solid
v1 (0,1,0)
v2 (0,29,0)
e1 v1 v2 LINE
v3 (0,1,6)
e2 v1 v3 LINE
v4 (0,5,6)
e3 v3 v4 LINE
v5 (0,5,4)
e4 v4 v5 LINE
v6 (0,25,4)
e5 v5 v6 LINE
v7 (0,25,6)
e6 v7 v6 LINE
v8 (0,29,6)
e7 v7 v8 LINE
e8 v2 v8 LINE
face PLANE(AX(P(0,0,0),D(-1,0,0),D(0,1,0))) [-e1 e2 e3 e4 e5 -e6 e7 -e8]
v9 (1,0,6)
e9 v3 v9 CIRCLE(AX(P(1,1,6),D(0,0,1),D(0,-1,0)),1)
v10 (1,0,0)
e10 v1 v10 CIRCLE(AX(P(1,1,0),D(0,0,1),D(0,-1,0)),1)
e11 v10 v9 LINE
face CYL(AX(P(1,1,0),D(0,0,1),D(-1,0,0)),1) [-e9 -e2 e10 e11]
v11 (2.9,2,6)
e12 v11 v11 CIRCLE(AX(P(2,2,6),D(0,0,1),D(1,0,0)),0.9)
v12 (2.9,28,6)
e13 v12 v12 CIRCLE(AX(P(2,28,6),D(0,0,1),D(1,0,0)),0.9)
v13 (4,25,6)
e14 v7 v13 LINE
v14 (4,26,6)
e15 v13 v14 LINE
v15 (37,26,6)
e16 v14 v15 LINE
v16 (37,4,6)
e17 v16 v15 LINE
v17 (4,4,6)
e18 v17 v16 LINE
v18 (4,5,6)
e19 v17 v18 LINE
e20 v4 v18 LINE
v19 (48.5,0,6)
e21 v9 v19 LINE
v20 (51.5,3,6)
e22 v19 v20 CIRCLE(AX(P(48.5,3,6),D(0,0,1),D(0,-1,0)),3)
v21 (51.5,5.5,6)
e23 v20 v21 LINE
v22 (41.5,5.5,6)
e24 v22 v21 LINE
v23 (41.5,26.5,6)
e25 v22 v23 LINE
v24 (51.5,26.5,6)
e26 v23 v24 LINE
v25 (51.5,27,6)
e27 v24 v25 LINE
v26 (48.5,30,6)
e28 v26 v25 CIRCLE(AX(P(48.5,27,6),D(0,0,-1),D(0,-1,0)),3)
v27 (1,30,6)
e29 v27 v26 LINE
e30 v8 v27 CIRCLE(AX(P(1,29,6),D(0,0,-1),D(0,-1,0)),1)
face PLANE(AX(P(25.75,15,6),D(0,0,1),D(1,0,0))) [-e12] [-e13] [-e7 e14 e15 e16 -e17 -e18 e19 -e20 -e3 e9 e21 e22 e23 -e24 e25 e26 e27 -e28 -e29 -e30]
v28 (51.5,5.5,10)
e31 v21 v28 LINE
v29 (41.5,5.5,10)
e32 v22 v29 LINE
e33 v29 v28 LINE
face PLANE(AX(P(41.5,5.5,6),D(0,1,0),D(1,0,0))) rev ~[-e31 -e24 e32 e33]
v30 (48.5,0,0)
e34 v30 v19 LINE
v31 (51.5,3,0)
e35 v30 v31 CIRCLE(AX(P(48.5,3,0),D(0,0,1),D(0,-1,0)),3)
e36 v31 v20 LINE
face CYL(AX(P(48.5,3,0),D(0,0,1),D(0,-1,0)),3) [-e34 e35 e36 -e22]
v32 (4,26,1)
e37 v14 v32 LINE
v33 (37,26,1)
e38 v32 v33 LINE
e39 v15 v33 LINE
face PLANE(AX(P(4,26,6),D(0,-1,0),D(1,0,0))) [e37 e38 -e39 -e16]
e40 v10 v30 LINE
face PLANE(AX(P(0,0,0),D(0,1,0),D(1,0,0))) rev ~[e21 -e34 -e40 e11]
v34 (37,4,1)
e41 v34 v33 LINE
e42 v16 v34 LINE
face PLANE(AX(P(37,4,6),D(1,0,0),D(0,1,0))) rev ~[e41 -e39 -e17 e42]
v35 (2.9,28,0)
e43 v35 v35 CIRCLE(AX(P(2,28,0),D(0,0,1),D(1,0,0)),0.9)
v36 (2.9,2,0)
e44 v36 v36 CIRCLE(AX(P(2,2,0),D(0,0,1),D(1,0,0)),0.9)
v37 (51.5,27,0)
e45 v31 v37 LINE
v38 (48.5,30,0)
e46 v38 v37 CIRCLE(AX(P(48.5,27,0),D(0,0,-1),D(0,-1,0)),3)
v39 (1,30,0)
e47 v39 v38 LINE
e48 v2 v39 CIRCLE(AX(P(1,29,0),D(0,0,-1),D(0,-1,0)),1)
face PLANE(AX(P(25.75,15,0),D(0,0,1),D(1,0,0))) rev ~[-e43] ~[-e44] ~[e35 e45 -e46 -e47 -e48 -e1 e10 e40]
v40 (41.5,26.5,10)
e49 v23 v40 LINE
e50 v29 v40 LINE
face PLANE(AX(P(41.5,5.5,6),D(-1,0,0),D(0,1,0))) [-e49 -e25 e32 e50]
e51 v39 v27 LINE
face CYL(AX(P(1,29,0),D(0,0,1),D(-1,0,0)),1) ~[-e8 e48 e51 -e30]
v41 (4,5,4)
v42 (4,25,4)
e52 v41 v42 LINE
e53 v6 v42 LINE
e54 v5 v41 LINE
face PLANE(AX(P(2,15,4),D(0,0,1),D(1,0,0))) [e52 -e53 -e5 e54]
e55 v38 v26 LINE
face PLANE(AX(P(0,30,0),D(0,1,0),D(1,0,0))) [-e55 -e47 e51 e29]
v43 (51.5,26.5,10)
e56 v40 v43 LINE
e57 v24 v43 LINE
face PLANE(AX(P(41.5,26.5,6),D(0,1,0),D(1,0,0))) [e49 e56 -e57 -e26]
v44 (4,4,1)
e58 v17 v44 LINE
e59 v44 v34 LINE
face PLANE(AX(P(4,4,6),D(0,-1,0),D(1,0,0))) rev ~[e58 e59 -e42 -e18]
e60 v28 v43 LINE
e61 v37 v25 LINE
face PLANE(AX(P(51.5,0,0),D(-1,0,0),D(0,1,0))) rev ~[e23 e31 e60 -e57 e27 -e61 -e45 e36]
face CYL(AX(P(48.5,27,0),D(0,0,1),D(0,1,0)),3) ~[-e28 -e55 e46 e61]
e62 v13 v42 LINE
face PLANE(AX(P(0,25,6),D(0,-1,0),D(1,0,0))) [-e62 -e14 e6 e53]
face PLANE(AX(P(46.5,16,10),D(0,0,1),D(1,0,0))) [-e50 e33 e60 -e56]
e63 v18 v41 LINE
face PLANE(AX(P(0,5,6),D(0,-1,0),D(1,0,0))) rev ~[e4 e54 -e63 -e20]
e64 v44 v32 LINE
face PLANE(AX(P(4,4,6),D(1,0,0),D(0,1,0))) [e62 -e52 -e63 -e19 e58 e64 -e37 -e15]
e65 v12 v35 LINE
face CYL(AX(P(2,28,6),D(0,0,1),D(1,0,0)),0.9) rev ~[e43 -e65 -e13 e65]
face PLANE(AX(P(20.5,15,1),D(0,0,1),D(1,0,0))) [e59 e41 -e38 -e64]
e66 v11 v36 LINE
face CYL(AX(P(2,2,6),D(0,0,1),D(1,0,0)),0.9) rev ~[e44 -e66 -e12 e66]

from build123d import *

# Parameters (mm, degrees)
SKETCH_W        = 51.5
SKETCH_H        = 30
PAD_DEPTH       = 6
SKETCH001_W     = 33
SKETCH001_H     = 22
POCKET_DEPTH    = 5
SKETCH002_R     = 0.9
POCKET001_DEPTH = 6.001
SKETCH003_W     = 10
SKETCH003_H     = 21
PAD001_DEPTH    = 4
SKETCH004_W     = 4
SKETCH004_H     = 20
POCKET002_DEPTH = 2
FILLET_R        = 1
FILLET001_R     = 3


with BuildPart() as part:
    # Sketch → Pad (new body)
    with BuildSketch(Plane.XY):
        with Locations((25.75, 15)):
            Rectangle(SKETCH_W, SKETCH_H)
    extrude(amount=PAD_DEPTH)

    # Sketch001 (on Face6 of Pad) → Pocket (cut)
    with BuildSketch(Plane.XY.offset(6)):
        with Locations((20.5, 15)):
            Rectangle(SKETCH001_W, SKETCH001_H)
    extrude(amount=-POCKET_DEPTH, mode=Mode.SUBTRACT)

    # Sketch002 (on Face5 of Pocket) → Pocket001 (cut, through all)
    with BuildSketch(Plane.XY.offset(6)):
        with Locations((2, 28)):
            Circle(SKETCH002_R)
        with Locations((2, 2)):
            Circle(SKETCH002_R)
    extrude(amount=-POCKET001_DEPTH, mode=Mode.SUBTRACT)

    # Sketch003 (on Face5 of Pocket001) → Pad001 (join)
    with BuildSketch(Plane.XY.offset(6)):
        with Locations((46.5, 16)):
            Rectangle(SKETCH003_W, SKETCH003_H)
    extrude(amount=PAD001_DEPTH)

    # Sketch004 (on Face5 of Pad001) → Pocket002 (cut)
    with BuildSketch(Plane.XY.offset(6)):
        with Locations((2, 15)):
            Rectangle(SKETCH004_W, SKETCH004_H)
    extrude(amount=-POCKET002_DEPTH, mode=Mode.SUBTRACT)

    # Fillet
    fillet_edges = [part.edges().sort_by_distance(p)[0] for p in [
        (0, 30, 3),
        (0, 0, 3),
    ]]
    fillet(fillet_edges, radius=FILLET_R)

    # Fillet001
    fillet001_edges = [part.edges().sort_by_distance(p)[0] for p in [
        (51.5, 30, 3),
        (51.5, 0, 3),
    ]]
    fillet(fillet001_edges, radius=FILLET001_R)


solid = part.part
